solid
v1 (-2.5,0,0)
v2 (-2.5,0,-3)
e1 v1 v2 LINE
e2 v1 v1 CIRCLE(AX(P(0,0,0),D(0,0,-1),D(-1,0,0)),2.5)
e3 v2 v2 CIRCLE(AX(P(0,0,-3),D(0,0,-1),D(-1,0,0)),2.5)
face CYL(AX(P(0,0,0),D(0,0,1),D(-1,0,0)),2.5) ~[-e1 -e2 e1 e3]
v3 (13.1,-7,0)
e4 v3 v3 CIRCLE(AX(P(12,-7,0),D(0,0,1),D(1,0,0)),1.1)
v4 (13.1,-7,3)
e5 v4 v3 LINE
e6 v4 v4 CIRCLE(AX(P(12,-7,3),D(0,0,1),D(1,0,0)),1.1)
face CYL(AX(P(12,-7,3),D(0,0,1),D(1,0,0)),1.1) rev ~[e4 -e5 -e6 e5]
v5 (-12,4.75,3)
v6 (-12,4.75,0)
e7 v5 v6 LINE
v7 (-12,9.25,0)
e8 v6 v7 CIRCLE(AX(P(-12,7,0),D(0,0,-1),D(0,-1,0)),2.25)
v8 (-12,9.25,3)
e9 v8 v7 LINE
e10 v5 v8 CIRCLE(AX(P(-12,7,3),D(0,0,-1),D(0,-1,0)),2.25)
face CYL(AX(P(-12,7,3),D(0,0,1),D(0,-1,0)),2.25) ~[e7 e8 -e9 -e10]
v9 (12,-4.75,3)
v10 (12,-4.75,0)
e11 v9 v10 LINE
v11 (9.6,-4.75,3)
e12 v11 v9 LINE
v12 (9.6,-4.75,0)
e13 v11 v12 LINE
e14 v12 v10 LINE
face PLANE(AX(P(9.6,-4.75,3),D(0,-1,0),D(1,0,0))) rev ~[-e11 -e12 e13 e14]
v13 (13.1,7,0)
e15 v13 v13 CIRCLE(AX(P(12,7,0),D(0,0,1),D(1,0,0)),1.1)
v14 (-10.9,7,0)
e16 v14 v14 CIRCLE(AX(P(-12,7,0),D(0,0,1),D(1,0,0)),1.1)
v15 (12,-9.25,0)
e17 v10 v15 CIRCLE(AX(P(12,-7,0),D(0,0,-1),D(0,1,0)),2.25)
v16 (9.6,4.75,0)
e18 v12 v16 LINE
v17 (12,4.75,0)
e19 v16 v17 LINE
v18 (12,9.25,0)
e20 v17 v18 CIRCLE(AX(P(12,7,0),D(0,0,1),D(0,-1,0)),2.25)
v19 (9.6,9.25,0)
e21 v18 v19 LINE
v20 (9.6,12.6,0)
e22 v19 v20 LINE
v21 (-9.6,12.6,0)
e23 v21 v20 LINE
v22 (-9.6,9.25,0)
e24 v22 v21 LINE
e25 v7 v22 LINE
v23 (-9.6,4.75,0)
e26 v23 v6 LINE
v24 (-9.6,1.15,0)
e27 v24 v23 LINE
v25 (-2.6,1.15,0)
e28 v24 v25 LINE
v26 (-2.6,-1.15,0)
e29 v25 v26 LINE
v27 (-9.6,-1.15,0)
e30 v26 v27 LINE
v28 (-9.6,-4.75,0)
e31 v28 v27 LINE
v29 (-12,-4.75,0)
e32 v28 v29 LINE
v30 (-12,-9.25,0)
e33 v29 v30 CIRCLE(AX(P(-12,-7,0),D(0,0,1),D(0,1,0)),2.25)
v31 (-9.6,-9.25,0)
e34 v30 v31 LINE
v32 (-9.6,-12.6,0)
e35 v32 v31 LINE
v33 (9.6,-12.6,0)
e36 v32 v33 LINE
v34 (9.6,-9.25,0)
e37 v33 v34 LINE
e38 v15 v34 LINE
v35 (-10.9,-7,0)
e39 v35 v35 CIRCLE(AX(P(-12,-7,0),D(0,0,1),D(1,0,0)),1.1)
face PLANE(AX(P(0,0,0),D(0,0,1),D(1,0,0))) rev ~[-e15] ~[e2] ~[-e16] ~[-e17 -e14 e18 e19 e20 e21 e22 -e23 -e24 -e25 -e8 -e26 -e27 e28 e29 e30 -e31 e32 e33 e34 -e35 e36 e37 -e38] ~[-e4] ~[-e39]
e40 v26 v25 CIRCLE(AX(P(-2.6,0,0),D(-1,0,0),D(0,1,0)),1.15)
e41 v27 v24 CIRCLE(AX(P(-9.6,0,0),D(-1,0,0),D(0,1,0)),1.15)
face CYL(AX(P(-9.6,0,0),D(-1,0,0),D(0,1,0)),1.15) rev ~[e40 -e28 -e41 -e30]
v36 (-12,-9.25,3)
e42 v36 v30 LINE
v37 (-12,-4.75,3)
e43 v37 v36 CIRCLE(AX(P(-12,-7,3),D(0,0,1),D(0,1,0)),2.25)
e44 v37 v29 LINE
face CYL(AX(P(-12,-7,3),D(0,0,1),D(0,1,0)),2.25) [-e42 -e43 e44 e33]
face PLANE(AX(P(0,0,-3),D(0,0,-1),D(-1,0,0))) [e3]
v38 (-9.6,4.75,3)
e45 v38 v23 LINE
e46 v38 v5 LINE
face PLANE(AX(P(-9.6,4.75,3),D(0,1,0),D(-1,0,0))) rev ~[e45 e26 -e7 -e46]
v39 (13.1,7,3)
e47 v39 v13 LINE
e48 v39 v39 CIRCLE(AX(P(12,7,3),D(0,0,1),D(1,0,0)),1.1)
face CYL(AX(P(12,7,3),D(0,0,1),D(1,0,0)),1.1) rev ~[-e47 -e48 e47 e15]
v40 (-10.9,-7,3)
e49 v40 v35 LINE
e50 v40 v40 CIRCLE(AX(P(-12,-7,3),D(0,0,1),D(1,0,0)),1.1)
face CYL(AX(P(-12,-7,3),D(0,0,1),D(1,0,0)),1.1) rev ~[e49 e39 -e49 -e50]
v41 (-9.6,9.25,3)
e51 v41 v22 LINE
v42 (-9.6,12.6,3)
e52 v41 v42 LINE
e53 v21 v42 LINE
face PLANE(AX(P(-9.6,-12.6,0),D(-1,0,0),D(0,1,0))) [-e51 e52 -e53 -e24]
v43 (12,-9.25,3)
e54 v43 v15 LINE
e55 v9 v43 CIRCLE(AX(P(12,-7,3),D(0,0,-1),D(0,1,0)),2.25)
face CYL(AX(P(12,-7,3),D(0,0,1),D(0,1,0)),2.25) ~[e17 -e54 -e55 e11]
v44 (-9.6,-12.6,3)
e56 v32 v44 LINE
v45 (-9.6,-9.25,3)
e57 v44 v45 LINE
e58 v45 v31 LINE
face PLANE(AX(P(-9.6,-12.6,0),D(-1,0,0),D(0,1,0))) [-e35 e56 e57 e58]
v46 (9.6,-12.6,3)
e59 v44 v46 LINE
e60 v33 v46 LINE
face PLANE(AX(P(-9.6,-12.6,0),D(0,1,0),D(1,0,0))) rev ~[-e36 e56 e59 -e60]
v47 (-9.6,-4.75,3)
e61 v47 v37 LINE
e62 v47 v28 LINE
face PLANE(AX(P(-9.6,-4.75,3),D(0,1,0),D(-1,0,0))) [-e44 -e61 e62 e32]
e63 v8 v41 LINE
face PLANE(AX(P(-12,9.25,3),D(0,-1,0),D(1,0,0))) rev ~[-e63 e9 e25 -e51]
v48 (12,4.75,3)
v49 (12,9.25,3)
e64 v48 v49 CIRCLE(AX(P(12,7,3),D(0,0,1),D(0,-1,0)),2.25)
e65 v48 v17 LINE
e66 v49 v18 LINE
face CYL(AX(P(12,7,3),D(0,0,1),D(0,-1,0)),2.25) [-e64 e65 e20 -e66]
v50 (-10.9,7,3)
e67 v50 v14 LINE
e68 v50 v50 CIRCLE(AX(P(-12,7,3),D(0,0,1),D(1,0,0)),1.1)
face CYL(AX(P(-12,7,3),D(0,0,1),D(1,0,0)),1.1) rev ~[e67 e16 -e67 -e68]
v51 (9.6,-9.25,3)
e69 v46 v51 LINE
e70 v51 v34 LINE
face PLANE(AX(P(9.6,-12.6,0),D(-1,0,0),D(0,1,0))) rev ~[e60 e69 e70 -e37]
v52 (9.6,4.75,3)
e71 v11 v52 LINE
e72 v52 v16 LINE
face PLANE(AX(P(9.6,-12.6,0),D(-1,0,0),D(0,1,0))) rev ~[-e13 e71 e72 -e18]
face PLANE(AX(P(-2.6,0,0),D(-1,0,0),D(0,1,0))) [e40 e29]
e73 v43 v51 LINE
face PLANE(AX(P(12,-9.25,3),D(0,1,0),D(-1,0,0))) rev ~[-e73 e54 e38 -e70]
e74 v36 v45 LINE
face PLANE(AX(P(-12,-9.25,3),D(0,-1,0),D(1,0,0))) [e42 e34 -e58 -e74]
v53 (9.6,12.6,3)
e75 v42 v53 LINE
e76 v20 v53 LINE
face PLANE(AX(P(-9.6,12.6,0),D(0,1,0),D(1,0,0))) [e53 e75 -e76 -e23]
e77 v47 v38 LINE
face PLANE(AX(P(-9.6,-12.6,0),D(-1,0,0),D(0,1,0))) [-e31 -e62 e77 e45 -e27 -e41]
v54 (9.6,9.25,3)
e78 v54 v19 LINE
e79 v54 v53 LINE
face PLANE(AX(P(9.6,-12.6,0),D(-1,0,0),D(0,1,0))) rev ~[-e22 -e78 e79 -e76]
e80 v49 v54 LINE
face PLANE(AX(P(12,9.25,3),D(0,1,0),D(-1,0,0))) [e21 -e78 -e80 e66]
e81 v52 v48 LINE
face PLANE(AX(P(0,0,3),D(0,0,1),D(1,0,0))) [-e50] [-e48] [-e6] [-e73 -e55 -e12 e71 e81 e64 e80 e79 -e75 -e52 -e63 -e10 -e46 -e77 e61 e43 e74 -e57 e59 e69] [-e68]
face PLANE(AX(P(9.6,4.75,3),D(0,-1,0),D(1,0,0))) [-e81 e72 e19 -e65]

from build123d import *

# Parameters (mm, degrees)
SKETCH_1_W          = 19.2
SKETCH_1_H          = 25.2
EXTRUDE_1_DEPTH     = 3
SKETCH_3_R          = 1.1
EXTRUDE_2_DEPTH     = 3
SKETCH_4_R          = 1.15
CUT_EXTRUDE_1_DEPTH = 7
SKETCH_5_R          = 2.5
EXTRUDE_3_DEPTH     = 3


with BuildPart() as part:
    # 草图1 → 凸台-拉伸1 (new body)
    with BuildSketch(Plane.XY):
        Rectangle(SKETCH_1_W, SKETCH_1_H)
    extrude(amount=EXTRUDE_1_DEPTH)

    # 草图3 → 凸台-拉伸2 (add, through all)
    with BuildSketch(Plane.XY.offset(3)):
        with BuildLine():
            Line((12, 9.25), (9.6, 9.25))
            Line((9.6, 9.25), (9.6, 4.75))
            Line((9.6, 4.75), (12, 4.75))
            ThreePointArc((12, 4.75), (14.25, 7), (12, 9.25))
        make_face()
        with Locations((12, 7)):
            Circle(SKETCH_3_R, mode=Mode.SUBTRACT)
        with BuildLine():
            Line((9.6, -9.25), (9.6, -4.75))
            Line((9.6, -4.75), (12, -4.75))
            ThreePointArc((12, -4.75), (14.25, -7), (12, -9.25))
            Line((12, -9.25), (9.6, -9.25))
        make_face()
        with Locations((12, -7)):
            Circle(SKETCH_3_R, mode=Mode.SUBTRACT)
        with BuildLine():
            Line((-12, -9.25), (-9.6, -9.25))
            Line((-9.6, -9.25), (-9.6, -4.75))
            Line((-9.6, -4.75), (-12, -4.75))
            ThreePointArc((-12, -4.75), (-14.25, -7), (-12, -9.25))
        make_face()
        with Locations((-12, -7)):
            Circle(SKETCH_3_R, mode=Mode.SUBTRACT)
        with BuildLine():
            Line((-9.6, 9.25), (-9.6, 4.75))
            Line((-9.6, 4.75), (-12, 4.75))
            ThreePointArc((-12, 4.75), (-14.25, 7), (-12, 9.25))
            Line((-12, 9.25), (-9.6, 9.25))
        make_face()
        with Locations((-12, 7)):
            Circle(SKETCH_3_R, mode=Mode.SUBTRACT)
    extrude_2 = extrude(amount=-EXTRUDE_2_DEPTH)

    # 镜向1: 凸台-拉伸2 across plane
    add(extrude_2.mirror(Plane.ZX))

    # 草图4 → 切除-拉伸1 (cut)
    with BuildSketch(Plane(origin=(-9.6, 3, 0), x_dir=(0, 1, 0), z_dir=(-1, 0, 0))):
        with Locations((-3, 0)):
            Circle(SKETCH_4_R)
    extrude(amount=-CUT_EXTRUDE_1_DEPTH, mode=Mode.SUBTRACT)

    # 草图5 → 凸台-拉伸3 (add)
    with BuildSketch(Plane(origin=(0, 0, 0), x_dir=(-1, 0, 0), z_dir=(0, 0, -1))):
        Circle(SKETCH_5_R)
    extrude(amount=EXTRUDE_3_DEPTH)


solid = part.part
